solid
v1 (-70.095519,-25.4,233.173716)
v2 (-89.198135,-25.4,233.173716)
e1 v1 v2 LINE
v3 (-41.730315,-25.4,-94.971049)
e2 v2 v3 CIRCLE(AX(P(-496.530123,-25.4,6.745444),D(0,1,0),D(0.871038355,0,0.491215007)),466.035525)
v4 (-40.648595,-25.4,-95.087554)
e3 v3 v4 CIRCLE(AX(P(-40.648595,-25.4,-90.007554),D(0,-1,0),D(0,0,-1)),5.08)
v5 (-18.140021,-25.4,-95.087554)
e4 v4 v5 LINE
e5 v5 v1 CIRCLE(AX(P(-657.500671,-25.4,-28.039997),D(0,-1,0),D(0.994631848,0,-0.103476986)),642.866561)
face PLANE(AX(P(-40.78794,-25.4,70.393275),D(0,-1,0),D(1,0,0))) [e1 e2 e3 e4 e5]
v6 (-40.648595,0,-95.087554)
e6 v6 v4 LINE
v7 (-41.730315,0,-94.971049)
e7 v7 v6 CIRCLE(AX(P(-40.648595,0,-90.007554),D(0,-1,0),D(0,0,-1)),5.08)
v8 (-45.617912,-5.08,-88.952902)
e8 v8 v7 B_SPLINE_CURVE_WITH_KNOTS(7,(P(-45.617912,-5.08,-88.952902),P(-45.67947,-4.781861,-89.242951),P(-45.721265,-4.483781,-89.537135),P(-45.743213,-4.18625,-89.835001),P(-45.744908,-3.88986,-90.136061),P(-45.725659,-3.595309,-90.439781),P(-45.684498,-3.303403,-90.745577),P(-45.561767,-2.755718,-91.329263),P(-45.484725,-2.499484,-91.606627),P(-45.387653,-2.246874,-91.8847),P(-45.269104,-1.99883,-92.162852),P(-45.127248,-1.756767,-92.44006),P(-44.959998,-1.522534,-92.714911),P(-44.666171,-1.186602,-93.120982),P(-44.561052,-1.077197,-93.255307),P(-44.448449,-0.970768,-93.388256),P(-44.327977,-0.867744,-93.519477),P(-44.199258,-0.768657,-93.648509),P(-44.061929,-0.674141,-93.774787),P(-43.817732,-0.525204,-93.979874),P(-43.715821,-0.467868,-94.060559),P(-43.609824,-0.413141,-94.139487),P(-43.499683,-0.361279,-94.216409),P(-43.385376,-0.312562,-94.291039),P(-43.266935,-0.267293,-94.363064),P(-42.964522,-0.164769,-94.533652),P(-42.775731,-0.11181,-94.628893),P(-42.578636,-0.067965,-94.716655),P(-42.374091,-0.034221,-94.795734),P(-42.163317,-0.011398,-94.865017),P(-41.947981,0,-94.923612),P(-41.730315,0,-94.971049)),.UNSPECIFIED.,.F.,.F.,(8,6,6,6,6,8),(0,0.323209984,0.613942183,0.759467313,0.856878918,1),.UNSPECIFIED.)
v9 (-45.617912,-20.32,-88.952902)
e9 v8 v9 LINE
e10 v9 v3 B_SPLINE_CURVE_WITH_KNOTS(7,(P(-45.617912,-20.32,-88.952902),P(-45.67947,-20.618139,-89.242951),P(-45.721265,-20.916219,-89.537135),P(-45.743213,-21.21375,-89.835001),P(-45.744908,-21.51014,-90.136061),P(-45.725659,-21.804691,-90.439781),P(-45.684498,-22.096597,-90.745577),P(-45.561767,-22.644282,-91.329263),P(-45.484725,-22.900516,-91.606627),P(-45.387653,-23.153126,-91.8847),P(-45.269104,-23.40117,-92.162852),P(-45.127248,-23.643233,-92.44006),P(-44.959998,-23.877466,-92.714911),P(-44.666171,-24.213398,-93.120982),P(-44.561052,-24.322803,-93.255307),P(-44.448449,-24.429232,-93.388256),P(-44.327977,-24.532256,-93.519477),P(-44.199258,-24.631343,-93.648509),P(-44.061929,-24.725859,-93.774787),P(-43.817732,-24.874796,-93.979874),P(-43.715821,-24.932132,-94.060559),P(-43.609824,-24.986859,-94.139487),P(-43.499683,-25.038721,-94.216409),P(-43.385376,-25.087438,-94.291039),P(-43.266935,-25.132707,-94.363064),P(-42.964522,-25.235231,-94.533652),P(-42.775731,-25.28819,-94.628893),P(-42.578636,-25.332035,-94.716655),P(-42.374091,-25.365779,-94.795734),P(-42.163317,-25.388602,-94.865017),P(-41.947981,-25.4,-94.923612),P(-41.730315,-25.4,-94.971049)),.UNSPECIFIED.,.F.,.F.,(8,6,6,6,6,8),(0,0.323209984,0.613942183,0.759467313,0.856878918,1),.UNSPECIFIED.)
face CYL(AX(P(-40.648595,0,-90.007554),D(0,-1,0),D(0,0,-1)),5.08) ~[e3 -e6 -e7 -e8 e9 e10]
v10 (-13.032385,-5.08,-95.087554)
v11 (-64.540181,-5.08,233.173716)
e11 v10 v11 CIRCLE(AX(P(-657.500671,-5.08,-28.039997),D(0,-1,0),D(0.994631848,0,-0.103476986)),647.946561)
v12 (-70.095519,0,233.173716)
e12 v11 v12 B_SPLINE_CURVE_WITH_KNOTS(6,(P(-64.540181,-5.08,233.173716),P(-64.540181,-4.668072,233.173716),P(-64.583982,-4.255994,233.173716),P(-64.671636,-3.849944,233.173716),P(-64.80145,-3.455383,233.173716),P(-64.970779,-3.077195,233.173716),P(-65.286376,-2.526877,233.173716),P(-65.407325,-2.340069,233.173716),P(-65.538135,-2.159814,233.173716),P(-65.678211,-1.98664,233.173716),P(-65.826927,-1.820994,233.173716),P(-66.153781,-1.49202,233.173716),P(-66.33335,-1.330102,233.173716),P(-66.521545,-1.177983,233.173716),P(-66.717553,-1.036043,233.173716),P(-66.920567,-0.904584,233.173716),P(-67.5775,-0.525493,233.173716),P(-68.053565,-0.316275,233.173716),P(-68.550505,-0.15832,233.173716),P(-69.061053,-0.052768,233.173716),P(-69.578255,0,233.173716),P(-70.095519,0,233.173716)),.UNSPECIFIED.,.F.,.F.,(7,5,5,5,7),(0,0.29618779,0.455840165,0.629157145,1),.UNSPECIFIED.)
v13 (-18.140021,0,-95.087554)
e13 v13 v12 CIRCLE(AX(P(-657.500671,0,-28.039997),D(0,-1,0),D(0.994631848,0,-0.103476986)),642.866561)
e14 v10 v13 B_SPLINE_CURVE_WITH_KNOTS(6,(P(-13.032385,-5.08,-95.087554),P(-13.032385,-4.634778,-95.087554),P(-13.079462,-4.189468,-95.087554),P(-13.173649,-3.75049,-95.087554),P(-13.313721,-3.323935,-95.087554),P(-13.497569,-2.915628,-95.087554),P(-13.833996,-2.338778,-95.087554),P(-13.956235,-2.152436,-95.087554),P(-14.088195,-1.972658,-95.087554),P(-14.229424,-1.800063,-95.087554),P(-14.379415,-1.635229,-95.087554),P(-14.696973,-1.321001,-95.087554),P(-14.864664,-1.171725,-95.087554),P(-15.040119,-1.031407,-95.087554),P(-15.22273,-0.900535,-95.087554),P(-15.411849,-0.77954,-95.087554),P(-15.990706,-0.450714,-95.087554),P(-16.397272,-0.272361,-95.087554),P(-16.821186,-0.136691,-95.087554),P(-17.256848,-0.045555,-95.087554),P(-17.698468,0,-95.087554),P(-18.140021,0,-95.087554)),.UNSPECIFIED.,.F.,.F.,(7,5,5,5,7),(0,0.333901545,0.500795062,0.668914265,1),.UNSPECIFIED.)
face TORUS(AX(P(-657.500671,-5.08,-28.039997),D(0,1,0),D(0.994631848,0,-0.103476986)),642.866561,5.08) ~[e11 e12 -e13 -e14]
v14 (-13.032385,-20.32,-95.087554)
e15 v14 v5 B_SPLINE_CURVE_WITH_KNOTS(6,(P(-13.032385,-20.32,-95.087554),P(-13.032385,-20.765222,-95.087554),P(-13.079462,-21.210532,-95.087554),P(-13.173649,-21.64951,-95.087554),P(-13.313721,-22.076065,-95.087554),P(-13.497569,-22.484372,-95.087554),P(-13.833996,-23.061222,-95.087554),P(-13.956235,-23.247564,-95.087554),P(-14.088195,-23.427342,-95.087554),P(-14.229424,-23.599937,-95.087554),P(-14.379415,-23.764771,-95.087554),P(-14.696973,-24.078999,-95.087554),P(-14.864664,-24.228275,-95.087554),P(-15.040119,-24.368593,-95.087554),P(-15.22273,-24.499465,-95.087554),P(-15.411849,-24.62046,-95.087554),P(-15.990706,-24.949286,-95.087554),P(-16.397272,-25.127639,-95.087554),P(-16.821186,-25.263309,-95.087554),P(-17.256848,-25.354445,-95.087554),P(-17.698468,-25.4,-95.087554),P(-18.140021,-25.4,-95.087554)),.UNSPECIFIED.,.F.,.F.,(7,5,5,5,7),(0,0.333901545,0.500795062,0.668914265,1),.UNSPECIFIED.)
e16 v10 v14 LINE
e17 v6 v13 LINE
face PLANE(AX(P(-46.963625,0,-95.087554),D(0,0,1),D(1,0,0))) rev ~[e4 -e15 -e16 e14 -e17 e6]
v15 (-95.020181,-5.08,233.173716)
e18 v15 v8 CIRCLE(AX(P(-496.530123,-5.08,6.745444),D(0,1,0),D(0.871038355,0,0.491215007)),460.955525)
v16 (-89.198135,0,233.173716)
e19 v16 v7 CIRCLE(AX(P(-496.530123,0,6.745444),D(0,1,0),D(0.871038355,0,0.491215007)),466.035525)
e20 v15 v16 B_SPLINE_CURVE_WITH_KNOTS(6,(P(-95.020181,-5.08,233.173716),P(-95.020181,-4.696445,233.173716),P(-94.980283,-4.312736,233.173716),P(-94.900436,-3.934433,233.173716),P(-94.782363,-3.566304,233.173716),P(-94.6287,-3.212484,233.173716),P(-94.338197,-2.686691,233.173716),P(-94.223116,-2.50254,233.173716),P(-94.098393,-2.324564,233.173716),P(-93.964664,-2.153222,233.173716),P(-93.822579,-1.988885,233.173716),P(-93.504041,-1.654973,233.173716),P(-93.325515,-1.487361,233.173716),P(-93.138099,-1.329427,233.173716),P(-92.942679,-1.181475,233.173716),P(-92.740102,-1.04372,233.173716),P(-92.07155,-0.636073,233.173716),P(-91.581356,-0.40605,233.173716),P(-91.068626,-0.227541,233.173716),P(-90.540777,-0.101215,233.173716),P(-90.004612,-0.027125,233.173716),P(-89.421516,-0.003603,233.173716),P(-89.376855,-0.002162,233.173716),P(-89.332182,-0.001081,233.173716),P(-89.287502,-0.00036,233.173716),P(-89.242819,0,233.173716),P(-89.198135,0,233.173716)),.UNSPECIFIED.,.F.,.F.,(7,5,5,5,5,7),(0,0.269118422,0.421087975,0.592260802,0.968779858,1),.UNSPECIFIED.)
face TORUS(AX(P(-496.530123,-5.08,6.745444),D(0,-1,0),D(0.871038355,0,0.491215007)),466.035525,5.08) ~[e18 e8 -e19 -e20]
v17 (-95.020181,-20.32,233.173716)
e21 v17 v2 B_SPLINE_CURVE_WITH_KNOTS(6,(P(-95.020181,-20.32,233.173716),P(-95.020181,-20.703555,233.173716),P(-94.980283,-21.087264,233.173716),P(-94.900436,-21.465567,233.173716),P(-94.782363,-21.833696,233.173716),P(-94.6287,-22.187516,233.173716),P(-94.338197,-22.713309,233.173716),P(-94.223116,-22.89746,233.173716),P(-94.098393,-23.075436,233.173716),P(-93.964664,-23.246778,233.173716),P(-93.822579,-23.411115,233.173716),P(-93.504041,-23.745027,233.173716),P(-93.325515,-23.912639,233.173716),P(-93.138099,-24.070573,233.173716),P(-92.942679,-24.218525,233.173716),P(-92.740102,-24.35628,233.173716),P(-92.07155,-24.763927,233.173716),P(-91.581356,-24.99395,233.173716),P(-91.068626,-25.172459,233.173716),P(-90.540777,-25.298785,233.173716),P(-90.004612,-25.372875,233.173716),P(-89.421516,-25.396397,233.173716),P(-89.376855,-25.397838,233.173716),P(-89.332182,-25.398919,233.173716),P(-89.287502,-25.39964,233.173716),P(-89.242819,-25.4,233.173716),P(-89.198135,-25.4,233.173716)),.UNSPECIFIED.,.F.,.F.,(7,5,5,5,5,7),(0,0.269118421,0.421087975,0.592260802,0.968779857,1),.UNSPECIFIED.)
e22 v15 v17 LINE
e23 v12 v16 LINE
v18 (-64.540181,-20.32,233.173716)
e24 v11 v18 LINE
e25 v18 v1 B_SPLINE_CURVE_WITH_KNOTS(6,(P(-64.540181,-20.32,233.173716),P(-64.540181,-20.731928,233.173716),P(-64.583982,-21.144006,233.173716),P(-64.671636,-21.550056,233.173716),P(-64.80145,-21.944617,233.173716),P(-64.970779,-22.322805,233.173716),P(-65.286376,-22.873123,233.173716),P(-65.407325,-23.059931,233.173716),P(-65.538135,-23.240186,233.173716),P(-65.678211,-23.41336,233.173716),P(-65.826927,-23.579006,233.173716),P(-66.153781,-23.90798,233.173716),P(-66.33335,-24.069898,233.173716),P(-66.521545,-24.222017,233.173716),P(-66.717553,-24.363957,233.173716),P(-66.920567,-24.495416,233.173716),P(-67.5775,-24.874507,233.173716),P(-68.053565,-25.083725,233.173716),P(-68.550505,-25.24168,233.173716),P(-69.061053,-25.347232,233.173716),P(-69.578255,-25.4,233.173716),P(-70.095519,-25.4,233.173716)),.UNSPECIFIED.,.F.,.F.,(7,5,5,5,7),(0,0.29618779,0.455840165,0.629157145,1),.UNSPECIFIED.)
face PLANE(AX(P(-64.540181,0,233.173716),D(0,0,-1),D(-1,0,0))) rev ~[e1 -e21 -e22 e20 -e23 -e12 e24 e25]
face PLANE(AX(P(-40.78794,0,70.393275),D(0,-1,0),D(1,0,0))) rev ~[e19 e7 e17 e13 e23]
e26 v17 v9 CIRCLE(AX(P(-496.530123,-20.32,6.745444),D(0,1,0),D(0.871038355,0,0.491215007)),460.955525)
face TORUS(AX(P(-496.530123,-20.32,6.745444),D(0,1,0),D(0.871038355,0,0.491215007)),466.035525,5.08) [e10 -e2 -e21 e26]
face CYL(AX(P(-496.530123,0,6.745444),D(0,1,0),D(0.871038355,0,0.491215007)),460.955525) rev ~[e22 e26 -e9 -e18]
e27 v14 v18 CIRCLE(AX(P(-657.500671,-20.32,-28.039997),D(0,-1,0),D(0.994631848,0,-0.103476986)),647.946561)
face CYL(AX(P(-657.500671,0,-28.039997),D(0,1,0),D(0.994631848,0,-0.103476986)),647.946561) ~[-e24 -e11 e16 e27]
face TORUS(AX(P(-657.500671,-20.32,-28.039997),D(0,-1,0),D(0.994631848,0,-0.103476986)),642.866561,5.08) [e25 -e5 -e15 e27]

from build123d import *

# Parameters (mm, degrees)
F1_DEPTH = 25.4
F2_R     = 5.08


with BuildPart() as f1:
    # F0 (on Front) → F1 (new body)
    with BuildSketch(Plane.XZ):
        with BuildLine():
            Line((-46.963625, -95.087554), (-13.032385, -95.087554))
            ThreePointArc((-13.032385, -95.087554), (-17.386338, 72.400967), (-64.540181, 233.173716))
            Line((-64.540181, 233.173716), (-95.020181, 233.173716))
            ThreePointArc((-95.020181, 233.173716), (-40.436227, 73.516349), (-46.963625, -95.087554))
        make_face()
    extrude(amount=F1_DEPTH)

    # F2
    f2_edges = [f1.edges().sort_by_distance(p)[0] for p in [
        (-40.436227, 0, 73.516349),
        (-46.963625, -12.7, -95.087554),
        (-17.386338, -25.4, 72.400967),
        (-40.436227, -25.4, 73.516349),
        (-17.386338, 0, 72.400967),
    ]]
    fillet(f2_edges, radius=F2_R)


solid = f1.part
